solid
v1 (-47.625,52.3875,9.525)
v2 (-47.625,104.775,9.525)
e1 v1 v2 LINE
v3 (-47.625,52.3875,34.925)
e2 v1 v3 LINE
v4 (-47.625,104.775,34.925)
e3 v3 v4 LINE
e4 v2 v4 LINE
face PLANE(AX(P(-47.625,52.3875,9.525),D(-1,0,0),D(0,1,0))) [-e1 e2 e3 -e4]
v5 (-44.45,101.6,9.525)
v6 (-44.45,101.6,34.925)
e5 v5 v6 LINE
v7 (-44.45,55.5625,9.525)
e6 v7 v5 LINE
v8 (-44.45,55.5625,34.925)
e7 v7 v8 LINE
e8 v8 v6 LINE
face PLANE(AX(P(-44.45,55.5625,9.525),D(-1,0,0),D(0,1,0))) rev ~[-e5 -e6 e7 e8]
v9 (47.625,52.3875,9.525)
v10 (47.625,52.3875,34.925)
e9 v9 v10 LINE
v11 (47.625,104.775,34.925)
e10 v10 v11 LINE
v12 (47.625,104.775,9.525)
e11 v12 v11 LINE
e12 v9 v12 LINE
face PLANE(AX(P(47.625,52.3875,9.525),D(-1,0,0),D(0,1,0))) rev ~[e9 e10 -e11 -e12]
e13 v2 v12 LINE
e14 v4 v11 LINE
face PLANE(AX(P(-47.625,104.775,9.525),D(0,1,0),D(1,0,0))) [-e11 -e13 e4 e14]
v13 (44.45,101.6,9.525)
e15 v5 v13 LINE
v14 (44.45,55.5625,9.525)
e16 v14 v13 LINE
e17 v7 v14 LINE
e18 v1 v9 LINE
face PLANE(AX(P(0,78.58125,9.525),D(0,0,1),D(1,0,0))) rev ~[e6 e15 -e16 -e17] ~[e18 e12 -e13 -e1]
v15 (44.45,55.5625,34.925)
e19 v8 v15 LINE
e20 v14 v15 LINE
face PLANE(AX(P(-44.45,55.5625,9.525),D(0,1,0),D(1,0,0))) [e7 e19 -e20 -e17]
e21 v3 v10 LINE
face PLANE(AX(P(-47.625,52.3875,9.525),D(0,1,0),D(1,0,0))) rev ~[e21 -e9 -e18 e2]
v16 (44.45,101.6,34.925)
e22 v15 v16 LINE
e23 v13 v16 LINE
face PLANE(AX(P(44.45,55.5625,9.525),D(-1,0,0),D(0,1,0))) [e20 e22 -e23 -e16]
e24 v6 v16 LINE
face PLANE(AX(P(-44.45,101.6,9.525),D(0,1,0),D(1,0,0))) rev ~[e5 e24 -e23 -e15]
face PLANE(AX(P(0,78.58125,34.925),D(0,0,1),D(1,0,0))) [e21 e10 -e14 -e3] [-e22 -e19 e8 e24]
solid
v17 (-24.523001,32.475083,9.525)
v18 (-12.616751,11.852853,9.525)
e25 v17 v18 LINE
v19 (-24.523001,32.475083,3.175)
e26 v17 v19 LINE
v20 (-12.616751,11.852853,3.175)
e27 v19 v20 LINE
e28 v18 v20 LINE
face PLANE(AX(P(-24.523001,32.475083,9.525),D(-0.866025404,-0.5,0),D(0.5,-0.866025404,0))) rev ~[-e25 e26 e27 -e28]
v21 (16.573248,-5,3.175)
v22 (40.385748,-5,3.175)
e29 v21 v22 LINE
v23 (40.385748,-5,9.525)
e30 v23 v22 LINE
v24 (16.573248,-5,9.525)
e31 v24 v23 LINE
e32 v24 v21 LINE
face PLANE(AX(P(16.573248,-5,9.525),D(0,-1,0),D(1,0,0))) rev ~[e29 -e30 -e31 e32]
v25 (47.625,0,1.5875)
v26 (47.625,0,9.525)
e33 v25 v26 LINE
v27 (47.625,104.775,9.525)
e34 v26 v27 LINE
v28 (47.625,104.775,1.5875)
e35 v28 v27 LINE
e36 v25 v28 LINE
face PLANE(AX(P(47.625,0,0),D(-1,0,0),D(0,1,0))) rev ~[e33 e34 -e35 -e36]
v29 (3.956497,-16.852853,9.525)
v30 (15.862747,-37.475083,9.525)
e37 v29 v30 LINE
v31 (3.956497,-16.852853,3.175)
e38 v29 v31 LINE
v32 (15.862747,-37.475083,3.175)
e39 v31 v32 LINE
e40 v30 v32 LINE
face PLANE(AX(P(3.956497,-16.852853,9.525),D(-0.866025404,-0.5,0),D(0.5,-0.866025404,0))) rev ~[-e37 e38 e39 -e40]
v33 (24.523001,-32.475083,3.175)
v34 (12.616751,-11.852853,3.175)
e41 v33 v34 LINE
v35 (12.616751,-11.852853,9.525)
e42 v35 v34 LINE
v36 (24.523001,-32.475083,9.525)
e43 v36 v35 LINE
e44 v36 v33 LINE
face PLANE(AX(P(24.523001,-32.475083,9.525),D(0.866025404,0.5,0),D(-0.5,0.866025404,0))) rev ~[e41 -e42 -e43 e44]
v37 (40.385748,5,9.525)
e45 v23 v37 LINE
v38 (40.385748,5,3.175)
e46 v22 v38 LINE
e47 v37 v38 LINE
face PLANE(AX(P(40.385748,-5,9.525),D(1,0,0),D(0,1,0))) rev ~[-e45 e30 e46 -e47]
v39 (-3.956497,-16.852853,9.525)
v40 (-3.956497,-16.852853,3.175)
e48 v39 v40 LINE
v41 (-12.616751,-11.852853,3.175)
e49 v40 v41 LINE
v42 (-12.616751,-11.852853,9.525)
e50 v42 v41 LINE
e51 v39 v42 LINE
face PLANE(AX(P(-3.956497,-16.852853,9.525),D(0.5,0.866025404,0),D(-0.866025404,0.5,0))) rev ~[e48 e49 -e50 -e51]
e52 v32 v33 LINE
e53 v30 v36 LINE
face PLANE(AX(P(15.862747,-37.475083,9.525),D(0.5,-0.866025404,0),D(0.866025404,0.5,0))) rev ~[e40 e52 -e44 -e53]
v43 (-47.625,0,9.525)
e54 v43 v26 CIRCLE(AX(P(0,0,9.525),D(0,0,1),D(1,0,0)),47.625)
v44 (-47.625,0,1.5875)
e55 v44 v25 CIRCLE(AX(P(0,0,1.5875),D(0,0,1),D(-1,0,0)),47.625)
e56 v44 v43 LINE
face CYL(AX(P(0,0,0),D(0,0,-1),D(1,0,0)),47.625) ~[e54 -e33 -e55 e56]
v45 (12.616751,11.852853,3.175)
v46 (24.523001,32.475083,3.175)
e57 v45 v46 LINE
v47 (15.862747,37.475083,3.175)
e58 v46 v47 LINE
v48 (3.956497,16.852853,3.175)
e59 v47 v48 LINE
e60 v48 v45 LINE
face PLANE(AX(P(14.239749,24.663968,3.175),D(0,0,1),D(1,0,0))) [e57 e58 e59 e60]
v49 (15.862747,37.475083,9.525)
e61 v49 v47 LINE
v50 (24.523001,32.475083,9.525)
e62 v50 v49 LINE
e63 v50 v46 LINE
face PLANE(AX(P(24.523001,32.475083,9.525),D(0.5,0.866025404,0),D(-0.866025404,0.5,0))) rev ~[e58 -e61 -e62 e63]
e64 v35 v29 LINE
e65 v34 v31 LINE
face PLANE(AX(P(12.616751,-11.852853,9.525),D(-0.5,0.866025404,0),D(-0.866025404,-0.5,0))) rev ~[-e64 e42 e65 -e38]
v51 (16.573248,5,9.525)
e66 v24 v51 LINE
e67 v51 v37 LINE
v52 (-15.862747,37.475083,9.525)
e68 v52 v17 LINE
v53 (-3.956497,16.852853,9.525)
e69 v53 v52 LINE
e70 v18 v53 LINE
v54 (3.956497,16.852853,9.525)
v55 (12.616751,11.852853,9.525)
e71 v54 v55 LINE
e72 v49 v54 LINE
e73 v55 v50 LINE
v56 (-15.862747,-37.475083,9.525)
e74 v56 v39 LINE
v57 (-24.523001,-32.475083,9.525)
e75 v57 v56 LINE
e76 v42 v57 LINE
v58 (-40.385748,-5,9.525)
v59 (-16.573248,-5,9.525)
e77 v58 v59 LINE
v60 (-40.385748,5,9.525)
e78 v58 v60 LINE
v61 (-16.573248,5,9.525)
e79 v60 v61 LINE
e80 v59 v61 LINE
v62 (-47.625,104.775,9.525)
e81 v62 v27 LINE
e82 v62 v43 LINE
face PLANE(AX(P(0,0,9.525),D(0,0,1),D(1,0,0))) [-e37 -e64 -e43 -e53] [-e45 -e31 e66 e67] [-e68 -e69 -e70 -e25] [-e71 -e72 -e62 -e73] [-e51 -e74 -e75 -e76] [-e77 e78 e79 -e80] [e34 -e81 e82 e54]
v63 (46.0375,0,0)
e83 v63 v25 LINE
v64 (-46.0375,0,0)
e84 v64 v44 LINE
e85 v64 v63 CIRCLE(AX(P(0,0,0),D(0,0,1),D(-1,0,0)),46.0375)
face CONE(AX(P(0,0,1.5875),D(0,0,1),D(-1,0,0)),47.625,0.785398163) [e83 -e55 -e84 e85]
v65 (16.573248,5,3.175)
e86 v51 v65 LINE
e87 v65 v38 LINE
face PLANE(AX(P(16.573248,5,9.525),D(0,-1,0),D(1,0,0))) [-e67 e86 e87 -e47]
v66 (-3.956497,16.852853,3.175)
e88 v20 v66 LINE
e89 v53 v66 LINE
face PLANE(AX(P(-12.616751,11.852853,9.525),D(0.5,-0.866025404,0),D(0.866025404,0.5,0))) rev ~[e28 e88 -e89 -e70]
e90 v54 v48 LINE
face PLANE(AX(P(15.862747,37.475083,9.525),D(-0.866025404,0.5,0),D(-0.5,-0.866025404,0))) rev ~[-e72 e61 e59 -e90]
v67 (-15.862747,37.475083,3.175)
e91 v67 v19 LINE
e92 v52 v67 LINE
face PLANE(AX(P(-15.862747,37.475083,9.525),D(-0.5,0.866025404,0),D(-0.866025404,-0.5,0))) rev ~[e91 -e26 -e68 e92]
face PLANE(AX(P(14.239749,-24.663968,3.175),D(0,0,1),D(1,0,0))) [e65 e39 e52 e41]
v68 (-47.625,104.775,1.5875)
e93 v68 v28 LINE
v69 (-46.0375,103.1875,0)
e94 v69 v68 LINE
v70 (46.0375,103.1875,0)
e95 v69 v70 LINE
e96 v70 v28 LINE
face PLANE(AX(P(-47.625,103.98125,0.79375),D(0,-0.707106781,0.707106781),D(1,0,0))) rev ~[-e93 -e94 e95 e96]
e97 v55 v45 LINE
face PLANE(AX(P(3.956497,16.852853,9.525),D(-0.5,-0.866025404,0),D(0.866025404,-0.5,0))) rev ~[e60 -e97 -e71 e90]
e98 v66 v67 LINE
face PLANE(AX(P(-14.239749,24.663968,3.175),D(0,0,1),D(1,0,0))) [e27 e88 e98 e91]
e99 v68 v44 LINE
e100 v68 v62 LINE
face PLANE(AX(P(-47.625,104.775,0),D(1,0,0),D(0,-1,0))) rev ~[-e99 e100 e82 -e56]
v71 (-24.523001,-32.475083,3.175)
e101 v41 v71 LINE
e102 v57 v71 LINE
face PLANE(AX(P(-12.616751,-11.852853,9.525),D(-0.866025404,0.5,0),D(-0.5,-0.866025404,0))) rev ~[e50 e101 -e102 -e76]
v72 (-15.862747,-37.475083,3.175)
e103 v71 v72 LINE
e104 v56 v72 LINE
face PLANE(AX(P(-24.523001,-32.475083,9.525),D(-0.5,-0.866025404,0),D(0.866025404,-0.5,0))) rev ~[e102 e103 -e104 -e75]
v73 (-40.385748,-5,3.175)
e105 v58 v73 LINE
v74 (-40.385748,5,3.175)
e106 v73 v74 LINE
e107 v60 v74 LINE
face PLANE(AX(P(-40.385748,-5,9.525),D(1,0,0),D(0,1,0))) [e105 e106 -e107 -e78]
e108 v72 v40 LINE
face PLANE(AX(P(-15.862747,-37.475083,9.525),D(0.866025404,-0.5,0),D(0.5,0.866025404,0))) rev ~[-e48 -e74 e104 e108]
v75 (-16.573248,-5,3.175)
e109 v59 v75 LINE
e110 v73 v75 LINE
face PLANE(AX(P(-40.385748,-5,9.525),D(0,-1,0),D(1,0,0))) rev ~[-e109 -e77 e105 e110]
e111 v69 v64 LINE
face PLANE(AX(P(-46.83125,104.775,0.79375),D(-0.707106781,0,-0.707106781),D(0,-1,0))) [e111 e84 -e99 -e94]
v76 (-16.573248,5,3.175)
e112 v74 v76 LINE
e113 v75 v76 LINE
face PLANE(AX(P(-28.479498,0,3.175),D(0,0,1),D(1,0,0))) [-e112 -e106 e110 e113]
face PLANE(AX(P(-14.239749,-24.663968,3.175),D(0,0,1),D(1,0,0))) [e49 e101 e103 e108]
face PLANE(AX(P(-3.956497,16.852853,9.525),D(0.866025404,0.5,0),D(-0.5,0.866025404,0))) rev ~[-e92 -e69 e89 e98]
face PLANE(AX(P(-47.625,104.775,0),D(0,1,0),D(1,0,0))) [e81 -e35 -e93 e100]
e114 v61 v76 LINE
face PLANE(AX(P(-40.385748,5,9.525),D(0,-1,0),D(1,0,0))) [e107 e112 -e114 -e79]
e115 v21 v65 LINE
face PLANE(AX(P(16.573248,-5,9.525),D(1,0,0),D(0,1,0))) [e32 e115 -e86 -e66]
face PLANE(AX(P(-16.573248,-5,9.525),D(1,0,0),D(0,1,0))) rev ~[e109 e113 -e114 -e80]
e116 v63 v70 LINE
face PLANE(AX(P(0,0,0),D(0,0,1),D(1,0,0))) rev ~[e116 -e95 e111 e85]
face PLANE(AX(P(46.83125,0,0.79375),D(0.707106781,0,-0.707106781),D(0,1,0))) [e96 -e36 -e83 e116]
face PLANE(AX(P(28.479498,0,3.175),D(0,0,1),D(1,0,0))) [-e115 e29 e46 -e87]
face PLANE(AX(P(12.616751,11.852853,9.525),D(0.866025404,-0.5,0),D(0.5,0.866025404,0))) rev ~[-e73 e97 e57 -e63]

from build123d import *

# Parameters (mm, degrees)
F0_R     = 12.7
F0_W     = 95.25
F0_H     = 52.3875
F0_W_2   = 88.9
F0_H_2   = 46.0375
F1_DEPTH = 9.525
F2_W     = 95.25
F2_H     = 52.3875
F2_W_2   = 88.9
F2_H_2   = 46.0375
F3_DEPTH = 25.4
F4_W     = 23.8125
F4_H     = 10
F5_DEPTH = 6.35
F6_DEPTH = 9.525
F7_SIZE  = 1.5875


with BuildPart() as f1:
    # F0 (on Top) → F1 (new body)
    with BuildSketch(Plane.XY):
        with BuildLine():
            ThreePointArc((-47.625, 0), (0, -47.625), (47.625, 0))
            ThreePointArc((47.625, 0), (0, 47.625), (-47.625, 0))
        make_face()
        Circle(F0_R, mode=Mode.SUBTRACT)
        with Locations((0, 78.58125)):
            Rectangle(F0_W, F0_H)
        with Locations((0, 78.58125)):
            Rectangle(F0_W_2, F0_H_2, mode=Mode.SUBTRACT)
        with Locations((0, 78.58125)):
            Rectangle(F0_W_2, F0_H_2)
        with BuildLine():
            ThreePointArc((-47.625, 0), (0, 47.625), (47.625, 0))
            Line((47.625, 0), (47.625, 52.3875))
            Line((47.625, 52.3875), (-47.625, 52.3875))
            Line((-47.625, 52.3875), (-47.625, 0))
        make_face()
    extrude(amount=F1_DEPTH)

    # F4 (on face) → F5 (cut)
    with BuildSketch(Plane.XY.offset(9.525)):
        with Locations((-28.4794976622, 0)):
            Rectangle(F4_W, F4_H)
        Polygon((-12.61675085, 11.8528534987), (-3.9564968122, 16.8528534987), (-15.8627468122, 37.4750834263), (-24.52300085, 32.4750834263), align=None)
        Polygon((3.9564968122, 16.8528534987), (12.61675085, 11.8528534987), (24.52300085, 32.4750834263), (15.8627468122, 37.4750834263), align=None)
        with Locations((28.4794976622, 0)):
            Rectangle(F4_W, F4_H)
        Polygon((12.61675085, -11.8528534987), (3.9564968122, -16.8528534987), (15.8627468122, -37.4750834263), (24.52300085, -32.4750834263), align=None)
        Polygon((-3.9564968122, -16.8528534987), (-12.61675085, -11.8528534987), (-24.52300085, -32.4750834263), (-15.8627468122, -37.4750834263), align=None)
    extrude(amount=-F5_DEPTH, mode=Mode.SUBTRACT)

    # F0 (on Top) → F6 (join, through all)
    with BuildSketch(Plane.XY):
        Circle(F0_R)
    extrude(amount=F6_DEPTH)

    # F7
    f7_edges = [f1.edges().sort_by_distance(p)[0] for p in [
        (0, -47.625, 0),
        (0, 104.775, 0),
    ]]
    chamfer(f7_edges, length=F7_SIZE)


with BuildPart() as f3:
    # F2 (on face) → F3 (new body)
    with BuildSketch(Plane.XY.offset(9.525)):
        with Locations((0, 78.58125)):
            Rectangle(F2_W, F2_H)
        with Locations((0, 78.58125)):
            Rectangle(F2_W_2, F2_H_2, mode=Mode.SUBTRACT)
    extrude(amount=F3_DEPTH)


solid = Compound([f1.part, f3.part])
